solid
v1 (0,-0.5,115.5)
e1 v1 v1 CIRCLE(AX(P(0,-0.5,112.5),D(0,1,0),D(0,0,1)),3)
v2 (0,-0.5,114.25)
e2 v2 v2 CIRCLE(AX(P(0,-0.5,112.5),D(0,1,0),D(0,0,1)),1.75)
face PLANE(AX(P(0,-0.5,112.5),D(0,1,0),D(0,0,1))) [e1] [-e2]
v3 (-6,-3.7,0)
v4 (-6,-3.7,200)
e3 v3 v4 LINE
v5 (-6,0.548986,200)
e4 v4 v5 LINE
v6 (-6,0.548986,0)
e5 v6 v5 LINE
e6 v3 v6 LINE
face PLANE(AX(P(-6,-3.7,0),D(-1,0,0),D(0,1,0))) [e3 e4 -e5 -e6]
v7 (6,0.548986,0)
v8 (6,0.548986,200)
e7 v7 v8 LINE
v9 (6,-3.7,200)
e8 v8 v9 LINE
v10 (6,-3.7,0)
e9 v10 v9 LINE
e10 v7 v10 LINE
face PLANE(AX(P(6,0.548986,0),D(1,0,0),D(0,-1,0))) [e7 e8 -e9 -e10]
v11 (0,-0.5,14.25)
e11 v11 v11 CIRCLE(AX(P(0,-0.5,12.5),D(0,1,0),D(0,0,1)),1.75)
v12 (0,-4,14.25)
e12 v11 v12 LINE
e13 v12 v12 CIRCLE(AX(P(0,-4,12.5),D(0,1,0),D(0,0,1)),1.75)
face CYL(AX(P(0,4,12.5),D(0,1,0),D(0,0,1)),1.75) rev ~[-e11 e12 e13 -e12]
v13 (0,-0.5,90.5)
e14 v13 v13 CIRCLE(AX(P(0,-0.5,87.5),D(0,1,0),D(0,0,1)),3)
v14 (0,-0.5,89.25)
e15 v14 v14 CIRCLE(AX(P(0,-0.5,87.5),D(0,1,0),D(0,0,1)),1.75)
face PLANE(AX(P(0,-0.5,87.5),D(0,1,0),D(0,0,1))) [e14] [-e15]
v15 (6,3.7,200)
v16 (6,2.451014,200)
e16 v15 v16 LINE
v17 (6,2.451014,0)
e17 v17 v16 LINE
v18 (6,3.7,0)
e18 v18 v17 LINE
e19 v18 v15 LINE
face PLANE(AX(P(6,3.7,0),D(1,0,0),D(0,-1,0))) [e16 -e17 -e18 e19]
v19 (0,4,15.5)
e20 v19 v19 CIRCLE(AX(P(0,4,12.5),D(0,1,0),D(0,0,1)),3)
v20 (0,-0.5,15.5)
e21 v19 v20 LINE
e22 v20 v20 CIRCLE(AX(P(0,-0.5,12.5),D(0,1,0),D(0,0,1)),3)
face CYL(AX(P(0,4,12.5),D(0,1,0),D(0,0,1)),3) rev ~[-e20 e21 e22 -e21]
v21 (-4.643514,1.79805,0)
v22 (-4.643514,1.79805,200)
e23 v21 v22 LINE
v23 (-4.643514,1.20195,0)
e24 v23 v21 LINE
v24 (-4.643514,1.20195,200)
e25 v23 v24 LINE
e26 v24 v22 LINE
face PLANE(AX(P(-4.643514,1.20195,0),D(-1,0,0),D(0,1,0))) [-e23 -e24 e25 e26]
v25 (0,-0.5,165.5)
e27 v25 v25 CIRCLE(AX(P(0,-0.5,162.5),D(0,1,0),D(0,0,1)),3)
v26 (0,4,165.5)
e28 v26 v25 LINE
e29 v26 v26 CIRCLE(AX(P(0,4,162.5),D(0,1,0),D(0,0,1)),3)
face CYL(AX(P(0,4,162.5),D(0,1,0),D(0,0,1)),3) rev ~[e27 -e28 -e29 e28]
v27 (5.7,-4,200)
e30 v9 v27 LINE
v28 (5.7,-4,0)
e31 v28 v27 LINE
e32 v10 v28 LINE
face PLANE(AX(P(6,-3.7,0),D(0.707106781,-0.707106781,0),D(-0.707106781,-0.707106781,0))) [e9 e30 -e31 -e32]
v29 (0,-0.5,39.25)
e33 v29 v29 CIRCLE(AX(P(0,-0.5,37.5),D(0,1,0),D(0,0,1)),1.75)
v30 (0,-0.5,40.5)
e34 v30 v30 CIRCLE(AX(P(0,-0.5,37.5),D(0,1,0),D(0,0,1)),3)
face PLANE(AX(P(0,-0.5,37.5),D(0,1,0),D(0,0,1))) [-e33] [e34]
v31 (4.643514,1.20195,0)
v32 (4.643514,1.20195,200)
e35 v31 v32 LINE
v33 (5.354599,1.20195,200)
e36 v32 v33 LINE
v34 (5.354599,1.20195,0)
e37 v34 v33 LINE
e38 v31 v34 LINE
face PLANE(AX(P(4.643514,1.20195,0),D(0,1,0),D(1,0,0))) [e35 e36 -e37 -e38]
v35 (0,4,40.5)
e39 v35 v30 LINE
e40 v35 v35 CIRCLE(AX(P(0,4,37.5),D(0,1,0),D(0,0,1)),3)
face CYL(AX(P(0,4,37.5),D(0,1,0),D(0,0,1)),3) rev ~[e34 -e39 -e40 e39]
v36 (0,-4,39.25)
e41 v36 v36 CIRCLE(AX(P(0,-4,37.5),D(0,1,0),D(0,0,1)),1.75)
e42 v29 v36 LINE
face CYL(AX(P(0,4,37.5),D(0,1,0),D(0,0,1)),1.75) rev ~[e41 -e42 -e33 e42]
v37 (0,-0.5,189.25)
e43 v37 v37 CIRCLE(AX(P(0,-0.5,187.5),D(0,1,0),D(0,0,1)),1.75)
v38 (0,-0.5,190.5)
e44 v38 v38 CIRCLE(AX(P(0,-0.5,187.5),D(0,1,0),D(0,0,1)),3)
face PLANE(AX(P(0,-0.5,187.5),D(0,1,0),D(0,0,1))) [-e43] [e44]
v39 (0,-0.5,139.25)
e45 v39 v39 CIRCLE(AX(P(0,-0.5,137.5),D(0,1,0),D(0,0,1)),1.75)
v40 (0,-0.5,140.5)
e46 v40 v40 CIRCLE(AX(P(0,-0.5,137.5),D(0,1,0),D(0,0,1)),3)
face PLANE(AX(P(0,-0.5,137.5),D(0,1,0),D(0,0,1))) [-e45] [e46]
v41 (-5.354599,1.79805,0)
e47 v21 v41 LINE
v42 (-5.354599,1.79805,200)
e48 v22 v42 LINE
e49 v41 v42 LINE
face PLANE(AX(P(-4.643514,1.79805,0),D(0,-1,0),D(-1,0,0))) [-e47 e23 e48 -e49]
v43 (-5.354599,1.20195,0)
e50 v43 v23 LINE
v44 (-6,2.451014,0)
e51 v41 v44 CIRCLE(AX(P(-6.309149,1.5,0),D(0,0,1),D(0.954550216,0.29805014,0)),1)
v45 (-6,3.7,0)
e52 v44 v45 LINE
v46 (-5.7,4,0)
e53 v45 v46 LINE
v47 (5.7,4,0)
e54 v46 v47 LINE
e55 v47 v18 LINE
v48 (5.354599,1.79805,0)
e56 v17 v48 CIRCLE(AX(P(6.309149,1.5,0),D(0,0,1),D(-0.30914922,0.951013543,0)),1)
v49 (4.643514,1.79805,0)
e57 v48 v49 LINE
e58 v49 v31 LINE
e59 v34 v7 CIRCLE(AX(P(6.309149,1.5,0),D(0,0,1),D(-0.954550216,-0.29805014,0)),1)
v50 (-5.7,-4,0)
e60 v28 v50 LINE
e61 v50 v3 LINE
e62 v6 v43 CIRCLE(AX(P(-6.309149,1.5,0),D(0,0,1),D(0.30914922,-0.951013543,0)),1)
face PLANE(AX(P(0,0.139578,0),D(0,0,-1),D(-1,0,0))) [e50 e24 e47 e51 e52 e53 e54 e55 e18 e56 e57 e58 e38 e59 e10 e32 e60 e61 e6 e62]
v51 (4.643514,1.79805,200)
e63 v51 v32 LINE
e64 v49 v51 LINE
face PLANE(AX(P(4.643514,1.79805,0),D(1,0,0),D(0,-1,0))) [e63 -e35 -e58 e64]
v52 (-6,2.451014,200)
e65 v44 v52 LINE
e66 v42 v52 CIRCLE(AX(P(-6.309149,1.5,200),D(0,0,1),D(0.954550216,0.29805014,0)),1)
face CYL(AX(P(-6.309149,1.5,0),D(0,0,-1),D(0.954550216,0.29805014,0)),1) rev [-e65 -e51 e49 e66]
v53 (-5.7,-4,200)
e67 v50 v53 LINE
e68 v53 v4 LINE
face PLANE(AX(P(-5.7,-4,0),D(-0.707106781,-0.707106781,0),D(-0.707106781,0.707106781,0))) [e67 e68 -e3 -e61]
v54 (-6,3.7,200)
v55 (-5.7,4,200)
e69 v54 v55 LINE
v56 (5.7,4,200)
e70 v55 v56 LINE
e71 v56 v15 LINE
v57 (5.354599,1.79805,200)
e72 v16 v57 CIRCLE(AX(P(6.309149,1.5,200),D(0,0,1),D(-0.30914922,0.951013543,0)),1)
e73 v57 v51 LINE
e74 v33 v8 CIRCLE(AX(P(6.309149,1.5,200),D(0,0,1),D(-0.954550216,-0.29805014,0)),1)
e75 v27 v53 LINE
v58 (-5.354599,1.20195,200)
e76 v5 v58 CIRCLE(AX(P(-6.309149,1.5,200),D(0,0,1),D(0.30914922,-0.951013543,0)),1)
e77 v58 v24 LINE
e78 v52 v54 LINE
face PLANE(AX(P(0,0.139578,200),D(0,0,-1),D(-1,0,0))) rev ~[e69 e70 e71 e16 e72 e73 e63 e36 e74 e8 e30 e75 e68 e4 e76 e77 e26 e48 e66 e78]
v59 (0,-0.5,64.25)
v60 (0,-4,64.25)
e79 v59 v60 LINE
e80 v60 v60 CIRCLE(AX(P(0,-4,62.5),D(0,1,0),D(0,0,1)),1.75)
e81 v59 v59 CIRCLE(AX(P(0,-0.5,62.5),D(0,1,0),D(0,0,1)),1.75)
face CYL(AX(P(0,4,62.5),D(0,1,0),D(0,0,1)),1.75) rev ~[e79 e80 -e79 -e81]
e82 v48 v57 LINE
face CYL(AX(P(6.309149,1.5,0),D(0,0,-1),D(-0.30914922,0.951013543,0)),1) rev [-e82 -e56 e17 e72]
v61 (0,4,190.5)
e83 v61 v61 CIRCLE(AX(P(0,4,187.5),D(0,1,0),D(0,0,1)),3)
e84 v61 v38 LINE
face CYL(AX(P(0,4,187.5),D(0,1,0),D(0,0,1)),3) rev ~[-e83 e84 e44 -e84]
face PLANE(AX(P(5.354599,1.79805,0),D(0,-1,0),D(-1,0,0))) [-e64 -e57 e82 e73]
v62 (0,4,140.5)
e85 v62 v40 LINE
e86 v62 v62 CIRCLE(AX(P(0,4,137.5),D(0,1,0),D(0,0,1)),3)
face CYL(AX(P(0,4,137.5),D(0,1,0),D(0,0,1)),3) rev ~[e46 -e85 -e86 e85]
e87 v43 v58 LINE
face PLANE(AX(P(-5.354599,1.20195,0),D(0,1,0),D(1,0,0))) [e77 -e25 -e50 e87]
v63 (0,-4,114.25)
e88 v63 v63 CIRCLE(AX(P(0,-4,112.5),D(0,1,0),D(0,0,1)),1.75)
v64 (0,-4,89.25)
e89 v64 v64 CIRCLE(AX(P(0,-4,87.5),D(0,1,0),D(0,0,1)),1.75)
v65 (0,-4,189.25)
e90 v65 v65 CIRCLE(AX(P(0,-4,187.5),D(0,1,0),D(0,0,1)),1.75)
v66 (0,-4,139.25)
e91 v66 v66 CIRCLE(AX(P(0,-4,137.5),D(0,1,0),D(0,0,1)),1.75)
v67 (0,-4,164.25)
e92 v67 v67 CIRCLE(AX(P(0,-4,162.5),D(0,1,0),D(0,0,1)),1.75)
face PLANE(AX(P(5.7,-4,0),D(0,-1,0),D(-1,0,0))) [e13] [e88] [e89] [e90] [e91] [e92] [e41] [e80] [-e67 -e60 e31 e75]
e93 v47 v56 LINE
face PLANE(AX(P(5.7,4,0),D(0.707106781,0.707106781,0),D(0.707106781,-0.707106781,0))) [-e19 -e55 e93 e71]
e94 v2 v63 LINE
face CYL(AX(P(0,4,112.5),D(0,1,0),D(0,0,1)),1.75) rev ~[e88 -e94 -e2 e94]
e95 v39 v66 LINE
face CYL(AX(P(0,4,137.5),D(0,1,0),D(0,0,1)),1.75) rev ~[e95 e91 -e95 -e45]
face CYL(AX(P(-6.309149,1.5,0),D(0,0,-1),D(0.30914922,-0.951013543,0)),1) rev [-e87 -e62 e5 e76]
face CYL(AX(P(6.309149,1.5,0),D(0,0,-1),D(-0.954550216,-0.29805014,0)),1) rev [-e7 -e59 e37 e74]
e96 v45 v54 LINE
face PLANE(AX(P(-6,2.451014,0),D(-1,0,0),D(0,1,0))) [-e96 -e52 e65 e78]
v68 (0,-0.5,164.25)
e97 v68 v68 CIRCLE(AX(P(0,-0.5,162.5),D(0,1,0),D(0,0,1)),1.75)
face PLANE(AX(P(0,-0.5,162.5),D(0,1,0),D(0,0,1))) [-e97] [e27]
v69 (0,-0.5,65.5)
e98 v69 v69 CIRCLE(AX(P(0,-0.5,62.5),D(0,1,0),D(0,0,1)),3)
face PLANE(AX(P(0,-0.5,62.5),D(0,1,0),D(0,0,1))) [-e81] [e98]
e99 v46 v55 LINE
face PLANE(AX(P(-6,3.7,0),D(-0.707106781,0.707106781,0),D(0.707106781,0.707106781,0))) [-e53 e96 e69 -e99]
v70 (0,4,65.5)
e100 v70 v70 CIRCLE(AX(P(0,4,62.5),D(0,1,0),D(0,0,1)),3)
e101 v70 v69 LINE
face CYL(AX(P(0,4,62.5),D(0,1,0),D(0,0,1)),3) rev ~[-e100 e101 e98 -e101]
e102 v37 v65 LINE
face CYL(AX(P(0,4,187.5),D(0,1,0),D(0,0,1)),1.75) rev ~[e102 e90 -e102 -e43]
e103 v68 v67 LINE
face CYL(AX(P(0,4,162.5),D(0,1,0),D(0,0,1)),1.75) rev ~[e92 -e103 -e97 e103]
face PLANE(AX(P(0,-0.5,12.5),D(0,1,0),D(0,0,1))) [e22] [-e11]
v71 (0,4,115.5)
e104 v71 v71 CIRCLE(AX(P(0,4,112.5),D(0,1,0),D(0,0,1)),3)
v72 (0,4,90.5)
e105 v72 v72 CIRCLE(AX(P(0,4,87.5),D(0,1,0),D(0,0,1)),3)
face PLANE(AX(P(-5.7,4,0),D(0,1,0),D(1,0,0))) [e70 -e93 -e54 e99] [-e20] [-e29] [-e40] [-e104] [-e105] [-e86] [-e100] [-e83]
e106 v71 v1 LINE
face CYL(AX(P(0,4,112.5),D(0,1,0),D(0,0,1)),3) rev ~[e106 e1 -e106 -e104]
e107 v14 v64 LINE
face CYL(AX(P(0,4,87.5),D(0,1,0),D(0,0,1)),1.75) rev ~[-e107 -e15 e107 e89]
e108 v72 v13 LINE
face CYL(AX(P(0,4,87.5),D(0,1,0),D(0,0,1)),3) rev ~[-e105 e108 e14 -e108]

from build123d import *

# Parameters (mm, degrees)
EXTRUDE_1_DEPTH        = 200
SKETCH_2_R             = 3
SKETCH_2_R_2           = 1.75
CUT_EXTRUDE_1_DEPTH    = 4.5
SKETCH_2_2_R           = 1.75
CUT_EXTRUDE_2_DEPTH    = 201.249843945
PATTERN_LINEAR_1_COUNT = 10
PATTERN_LINEAR_1_PITCH = 25


with BuildPart() as part:
    # Эскиз1 → Бобышка-Вытянуть1 (new body)
    with BuildSketch(Plane.XY):
        with BuildLine():
            Line((-6, 3.7), (-5.7, 4))
            Line((-5.7, 4), (5.7, 4))
            Line((5.7, 4), (6, 3.7))
            Line((6, 3.7), (6, 2.451013544))
            ThreePointArc((6, 2.451013544), (5.597935912, 2.202976267), (5.354599002, 1.798050138))
            Line((5.354599002, 1.798050138), (4.643514056, 1.798050138))
            Line((4.643514056, 1.798050138), (4.643514056, 1.201949862))
            Line((4.643514056, 1.201949862), (5.354599002, 1.201949862))
            ThreePointArc((5.354599002, 1.201949862), (5.597935912, 0.797023733), (6, 0.548986456))
            Line((6, 0.548986456), (6, -3.7))
            Line((6, -3.7), (5.7, -4))
            Line((5.7, -4), (-5.7, -4))
            Line((-5.7, -4), (-6, -3.7))
            Line((-6, -3.7), (-6, 0.548986456))
            ThreePointArc((-6, 0.548986456), (-5.597935912, 0.797023733), (-5.354599002, 1.201949862))
            Line((-5.354599002, 1.201949862), (-4.643514056, 1.201949862))
            Line((-4.643514056, 1.201949862), (-4.643514056, 1.798050138))
            Line((-4.643514056, 1.798050138), (-5.354599002, 1.798050138))
            ThreePointArc((-5.354599002, 1.798050138), (-5.597935912, 2.202976267), (-6, 2.451013544))
            Line((-6, 2.451013544), (-6, 3.7))
        make_face()
    extrude(amount=EXTRUDE_1_DEPTH)

    # Эскиз2 → Вырез-Вытянуть1 (cut)
    with BuildSketch(Plane(origin=(0, 4, 0), x_dir=(1, 0, 0), z_dir=(0, 1, 0))):
        with Locations((0, -12.5)):
            Circle(SKETCH_2_R)
        with Locations((0, -12.5)):
            Circle(SKETCH_2_R_2, mode=Mode.SUBTRACT)
    cut_extrude_1 = extrude(amount=-CUT_EXTRUDE_1_DEPTH, mode=Mode.SUBTRACT)

    # Эскиз2<2> → Вырез-Вытянуть2 (cut, through all)
    with BuildSketch(Plane(origin=(0, 4, 0), x_dir=(1, 0, 0), z_dir=(0, 1, 0))):
        with Locations((0, -12.5)):
            Circle(SKETCH_2_2_R)
    cut_extrude_2 = extrude(amount=-CUT_EXTRUDE_2_DEPTH, mode=Mode.SUBTRACT)

    # Линейный массив1: Вырез-Вытянуть1, Вырез-Вытянуть2 ×10
    with Locations(*[(0, 0, i * PATTERN_LINEAR_1_PITCH) for i in range(1, PATTERN_LINEAR_1_COUNT)]):
        add(cut_extrude_1, mode=Mode.SUBTRACT)
        add(cut_extrude_2, mode=Mode.SUBTRACT)


solid = part.part
